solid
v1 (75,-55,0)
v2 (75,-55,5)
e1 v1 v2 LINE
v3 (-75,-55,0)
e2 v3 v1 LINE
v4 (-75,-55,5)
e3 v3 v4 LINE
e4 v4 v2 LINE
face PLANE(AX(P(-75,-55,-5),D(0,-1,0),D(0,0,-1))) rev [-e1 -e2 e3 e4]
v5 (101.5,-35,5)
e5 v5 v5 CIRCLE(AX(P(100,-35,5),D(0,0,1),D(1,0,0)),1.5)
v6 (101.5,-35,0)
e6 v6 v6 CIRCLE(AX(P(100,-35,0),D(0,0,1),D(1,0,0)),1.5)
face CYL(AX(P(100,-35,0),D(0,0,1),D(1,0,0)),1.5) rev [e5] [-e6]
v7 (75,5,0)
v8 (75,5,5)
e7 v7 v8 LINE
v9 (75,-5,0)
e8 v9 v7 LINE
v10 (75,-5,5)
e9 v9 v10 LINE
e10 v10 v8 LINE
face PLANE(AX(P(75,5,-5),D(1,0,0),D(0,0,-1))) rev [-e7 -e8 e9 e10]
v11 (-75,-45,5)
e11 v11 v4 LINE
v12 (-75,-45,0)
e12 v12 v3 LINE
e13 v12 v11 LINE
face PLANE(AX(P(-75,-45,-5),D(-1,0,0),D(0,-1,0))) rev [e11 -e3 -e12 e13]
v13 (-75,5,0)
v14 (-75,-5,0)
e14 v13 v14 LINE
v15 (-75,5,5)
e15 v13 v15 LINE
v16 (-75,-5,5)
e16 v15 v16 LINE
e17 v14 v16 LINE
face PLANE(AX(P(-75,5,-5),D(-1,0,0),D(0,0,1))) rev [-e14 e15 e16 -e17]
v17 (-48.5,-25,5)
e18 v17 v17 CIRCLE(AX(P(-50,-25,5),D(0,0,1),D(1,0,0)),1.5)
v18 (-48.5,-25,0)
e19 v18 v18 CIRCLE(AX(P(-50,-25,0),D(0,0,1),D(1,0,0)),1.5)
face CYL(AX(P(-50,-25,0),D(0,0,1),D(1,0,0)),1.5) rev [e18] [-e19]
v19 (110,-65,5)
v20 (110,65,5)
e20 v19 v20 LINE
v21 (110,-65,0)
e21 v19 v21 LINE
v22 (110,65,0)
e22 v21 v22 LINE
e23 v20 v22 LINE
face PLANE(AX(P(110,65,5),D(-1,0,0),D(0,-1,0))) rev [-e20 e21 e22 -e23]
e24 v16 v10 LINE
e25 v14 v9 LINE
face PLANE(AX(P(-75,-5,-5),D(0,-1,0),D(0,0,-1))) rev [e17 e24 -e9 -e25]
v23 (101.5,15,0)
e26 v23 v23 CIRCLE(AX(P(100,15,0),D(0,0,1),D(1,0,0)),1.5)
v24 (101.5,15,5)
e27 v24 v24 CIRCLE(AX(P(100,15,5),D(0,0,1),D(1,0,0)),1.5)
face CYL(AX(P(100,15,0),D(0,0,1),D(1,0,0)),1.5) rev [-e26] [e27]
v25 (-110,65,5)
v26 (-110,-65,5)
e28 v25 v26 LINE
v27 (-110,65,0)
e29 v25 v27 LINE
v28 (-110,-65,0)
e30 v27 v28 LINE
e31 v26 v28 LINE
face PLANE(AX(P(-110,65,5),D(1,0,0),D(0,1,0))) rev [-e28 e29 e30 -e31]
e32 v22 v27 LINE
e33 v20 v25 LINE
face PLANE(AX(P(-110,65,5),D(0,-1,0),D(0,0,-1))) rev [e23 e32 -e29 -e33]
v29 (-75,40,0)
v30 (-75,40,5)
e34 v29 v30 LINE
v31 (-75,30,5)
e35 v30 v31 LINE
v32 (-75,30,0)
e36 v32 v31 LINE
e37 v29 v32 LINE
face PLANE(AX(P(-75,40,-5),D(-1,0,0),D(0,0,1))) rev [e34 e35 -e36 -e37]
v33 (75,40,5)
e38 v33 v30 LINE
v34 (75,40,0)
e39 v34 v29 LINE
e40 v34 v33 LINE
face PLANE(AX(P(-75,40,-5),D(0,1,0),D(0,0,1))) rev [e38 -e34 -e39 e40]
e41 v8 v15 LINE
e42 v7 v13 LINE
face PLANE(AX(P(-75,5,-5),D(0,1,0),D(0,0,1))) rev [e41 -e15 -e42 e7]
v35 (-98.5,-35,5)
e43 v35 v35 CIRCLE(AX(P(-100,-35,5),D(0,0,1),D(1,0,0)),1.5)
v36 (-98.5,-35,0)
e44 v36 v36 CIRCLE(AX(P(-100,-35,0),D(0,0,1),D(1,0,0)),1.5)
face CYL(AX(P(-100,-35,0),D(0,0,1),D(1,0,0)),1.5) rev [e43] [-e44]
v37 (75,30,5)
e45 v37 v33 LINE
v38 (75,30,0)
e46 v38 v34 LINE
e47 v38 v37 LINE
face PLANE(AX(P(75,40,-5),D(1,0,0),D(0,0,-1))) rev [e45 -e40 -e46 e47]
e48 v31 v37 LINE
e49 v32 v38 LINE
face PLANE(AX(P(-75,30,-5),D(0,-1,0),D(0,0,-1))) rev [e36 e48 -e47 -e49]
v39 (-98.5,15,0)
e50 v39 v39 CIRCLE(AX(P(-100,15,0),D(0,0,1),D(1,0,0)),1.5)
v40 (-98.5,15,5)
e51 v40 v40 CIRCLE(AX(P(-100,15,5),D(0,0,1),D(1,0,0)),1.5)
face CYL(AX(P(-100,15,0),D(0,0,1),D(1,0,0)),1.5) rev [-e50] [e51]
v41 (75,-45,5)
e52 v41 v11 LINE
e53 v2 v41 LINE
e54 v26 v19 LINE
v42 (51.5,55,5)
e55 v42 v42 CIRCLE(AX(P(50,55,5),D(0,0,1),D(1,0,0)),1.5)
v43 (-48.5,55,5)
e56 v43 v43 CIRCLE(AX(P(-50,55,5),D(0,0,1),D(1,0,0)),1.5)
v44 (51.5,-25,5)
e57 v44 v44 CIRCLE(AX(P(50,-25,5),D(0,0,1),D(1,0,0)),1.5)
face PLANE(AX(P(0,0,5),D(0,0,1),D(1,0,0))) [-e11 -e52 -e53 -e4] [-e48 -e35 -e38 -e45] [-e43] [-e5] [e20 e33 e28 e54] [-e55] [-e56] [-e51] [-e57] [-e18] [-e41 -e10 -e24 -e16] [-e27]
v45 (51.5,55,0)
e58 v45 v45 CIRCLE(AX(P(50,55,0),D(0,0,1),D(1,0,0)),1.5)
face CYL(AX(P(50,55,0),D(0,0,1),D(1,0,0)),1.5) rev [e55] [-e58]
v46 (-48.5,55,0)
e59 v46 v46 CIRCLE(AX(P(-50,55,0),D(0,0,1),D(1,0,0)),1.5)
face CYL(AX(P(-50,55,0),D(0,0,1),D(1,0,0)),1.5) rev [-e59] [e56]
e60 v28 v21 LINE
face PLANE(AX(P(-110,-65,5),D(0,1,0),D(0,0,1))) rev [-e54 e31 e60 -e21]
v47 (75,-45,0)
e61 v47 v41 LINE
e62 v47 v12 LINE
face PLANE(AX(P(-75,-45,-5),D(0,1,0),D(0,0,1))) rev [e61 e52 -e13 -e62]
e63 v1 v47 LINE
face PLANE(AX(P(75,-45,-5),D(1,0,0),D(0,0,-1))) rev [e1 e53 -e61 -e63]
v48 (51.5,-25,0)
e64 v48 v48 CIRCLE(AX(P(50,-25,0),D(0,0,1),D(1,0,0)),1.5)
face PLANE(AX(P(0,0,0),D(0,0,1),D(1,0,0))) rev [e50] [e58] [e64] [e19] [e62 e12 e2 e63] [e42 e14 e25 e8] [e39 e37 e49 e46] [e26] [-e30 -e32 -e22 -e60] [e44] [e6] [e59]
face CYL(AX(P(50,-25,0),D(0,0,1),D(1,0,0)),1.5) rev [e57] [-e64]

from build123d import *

# Parameters (mm, degrees)
SKETCH_1_W          = 220
SKETCH_1_H          = 130
EXTRUDE_1_DEPTH     = 5
SKETCH_2_R          = 1.5
CUT_EXTRUDE_1_DEPTH = 5
SKETCH_3_R          = 1.5
CUT_EXTRUDE_2_DEPTH = 5
SKETCH_4_W          = 150
SKETCH_4_H          = 10
CUT_EXTRUDE_3_DEPTH = 10


with BuildPart() as part:
    # 草图1 → 凸台-拉伸1 (new body)
    with BuildSketch(Plane.XY):
        Rectangle(SKETCH_1_W, SKETCH_1_H)
    extrude(amount=EXTRUDE_1_DEPTH)

    # 草图2 → 切除-拉伸1 (cut)
    with BuildSketch(Plane.XY.offset(5)):
        with Locations((-50, 55)):
            Circle(SKETCH_2_R)
        with Locations((50, 55)):
            Circle(SKETCH_2_R)
        with Locations((50, -25)):
            Circle(SKETCH_2_R)
        with Locations((-50, -25)):
            Circle(SKETCH_2_R)
    extrude(amount=-CUT_EXTRUDE_1_DEPTH, mode=Mode.SUBTRACT)

    # 草图3 → 切除-拉伸2 (cut)
    with BuildSketch(Plane.XY.offset(5)):
        with Locations((100, 15)):
            Circle(SKETCH_3_R)
        with Locations((100, -35)):
            Circle(SKETCH_3_R)
        with Locations((-100, 15)):
            Circle(SKETCH_3_R)
        with Locations((-100, -35)):
            Circle(SKETCH_3_R)
    extrude(amount=-CUT_EXTRUDE_2_DEPTH, mode=Mode.SUBTRACT)

    # 草图4 → 切除-拉伸3 (cut)
    with BuildSketch(Plane.XY.offset(5)):
        Rectangle(SKETCH_4_W, SKETCH_4_H)
        with Locations((0, 35)):
            Rectangle(SKETCH_4_W, SKETCH_4_H)
        with Locations((0, -50)):
            Rectangle(SKETCH_4_W, SKETCH_4_H)
    extrude(amount=-CUT_EXTRUDE_3_DEPTH, mode=Mode.SUBTRACT)


solid = part.part
